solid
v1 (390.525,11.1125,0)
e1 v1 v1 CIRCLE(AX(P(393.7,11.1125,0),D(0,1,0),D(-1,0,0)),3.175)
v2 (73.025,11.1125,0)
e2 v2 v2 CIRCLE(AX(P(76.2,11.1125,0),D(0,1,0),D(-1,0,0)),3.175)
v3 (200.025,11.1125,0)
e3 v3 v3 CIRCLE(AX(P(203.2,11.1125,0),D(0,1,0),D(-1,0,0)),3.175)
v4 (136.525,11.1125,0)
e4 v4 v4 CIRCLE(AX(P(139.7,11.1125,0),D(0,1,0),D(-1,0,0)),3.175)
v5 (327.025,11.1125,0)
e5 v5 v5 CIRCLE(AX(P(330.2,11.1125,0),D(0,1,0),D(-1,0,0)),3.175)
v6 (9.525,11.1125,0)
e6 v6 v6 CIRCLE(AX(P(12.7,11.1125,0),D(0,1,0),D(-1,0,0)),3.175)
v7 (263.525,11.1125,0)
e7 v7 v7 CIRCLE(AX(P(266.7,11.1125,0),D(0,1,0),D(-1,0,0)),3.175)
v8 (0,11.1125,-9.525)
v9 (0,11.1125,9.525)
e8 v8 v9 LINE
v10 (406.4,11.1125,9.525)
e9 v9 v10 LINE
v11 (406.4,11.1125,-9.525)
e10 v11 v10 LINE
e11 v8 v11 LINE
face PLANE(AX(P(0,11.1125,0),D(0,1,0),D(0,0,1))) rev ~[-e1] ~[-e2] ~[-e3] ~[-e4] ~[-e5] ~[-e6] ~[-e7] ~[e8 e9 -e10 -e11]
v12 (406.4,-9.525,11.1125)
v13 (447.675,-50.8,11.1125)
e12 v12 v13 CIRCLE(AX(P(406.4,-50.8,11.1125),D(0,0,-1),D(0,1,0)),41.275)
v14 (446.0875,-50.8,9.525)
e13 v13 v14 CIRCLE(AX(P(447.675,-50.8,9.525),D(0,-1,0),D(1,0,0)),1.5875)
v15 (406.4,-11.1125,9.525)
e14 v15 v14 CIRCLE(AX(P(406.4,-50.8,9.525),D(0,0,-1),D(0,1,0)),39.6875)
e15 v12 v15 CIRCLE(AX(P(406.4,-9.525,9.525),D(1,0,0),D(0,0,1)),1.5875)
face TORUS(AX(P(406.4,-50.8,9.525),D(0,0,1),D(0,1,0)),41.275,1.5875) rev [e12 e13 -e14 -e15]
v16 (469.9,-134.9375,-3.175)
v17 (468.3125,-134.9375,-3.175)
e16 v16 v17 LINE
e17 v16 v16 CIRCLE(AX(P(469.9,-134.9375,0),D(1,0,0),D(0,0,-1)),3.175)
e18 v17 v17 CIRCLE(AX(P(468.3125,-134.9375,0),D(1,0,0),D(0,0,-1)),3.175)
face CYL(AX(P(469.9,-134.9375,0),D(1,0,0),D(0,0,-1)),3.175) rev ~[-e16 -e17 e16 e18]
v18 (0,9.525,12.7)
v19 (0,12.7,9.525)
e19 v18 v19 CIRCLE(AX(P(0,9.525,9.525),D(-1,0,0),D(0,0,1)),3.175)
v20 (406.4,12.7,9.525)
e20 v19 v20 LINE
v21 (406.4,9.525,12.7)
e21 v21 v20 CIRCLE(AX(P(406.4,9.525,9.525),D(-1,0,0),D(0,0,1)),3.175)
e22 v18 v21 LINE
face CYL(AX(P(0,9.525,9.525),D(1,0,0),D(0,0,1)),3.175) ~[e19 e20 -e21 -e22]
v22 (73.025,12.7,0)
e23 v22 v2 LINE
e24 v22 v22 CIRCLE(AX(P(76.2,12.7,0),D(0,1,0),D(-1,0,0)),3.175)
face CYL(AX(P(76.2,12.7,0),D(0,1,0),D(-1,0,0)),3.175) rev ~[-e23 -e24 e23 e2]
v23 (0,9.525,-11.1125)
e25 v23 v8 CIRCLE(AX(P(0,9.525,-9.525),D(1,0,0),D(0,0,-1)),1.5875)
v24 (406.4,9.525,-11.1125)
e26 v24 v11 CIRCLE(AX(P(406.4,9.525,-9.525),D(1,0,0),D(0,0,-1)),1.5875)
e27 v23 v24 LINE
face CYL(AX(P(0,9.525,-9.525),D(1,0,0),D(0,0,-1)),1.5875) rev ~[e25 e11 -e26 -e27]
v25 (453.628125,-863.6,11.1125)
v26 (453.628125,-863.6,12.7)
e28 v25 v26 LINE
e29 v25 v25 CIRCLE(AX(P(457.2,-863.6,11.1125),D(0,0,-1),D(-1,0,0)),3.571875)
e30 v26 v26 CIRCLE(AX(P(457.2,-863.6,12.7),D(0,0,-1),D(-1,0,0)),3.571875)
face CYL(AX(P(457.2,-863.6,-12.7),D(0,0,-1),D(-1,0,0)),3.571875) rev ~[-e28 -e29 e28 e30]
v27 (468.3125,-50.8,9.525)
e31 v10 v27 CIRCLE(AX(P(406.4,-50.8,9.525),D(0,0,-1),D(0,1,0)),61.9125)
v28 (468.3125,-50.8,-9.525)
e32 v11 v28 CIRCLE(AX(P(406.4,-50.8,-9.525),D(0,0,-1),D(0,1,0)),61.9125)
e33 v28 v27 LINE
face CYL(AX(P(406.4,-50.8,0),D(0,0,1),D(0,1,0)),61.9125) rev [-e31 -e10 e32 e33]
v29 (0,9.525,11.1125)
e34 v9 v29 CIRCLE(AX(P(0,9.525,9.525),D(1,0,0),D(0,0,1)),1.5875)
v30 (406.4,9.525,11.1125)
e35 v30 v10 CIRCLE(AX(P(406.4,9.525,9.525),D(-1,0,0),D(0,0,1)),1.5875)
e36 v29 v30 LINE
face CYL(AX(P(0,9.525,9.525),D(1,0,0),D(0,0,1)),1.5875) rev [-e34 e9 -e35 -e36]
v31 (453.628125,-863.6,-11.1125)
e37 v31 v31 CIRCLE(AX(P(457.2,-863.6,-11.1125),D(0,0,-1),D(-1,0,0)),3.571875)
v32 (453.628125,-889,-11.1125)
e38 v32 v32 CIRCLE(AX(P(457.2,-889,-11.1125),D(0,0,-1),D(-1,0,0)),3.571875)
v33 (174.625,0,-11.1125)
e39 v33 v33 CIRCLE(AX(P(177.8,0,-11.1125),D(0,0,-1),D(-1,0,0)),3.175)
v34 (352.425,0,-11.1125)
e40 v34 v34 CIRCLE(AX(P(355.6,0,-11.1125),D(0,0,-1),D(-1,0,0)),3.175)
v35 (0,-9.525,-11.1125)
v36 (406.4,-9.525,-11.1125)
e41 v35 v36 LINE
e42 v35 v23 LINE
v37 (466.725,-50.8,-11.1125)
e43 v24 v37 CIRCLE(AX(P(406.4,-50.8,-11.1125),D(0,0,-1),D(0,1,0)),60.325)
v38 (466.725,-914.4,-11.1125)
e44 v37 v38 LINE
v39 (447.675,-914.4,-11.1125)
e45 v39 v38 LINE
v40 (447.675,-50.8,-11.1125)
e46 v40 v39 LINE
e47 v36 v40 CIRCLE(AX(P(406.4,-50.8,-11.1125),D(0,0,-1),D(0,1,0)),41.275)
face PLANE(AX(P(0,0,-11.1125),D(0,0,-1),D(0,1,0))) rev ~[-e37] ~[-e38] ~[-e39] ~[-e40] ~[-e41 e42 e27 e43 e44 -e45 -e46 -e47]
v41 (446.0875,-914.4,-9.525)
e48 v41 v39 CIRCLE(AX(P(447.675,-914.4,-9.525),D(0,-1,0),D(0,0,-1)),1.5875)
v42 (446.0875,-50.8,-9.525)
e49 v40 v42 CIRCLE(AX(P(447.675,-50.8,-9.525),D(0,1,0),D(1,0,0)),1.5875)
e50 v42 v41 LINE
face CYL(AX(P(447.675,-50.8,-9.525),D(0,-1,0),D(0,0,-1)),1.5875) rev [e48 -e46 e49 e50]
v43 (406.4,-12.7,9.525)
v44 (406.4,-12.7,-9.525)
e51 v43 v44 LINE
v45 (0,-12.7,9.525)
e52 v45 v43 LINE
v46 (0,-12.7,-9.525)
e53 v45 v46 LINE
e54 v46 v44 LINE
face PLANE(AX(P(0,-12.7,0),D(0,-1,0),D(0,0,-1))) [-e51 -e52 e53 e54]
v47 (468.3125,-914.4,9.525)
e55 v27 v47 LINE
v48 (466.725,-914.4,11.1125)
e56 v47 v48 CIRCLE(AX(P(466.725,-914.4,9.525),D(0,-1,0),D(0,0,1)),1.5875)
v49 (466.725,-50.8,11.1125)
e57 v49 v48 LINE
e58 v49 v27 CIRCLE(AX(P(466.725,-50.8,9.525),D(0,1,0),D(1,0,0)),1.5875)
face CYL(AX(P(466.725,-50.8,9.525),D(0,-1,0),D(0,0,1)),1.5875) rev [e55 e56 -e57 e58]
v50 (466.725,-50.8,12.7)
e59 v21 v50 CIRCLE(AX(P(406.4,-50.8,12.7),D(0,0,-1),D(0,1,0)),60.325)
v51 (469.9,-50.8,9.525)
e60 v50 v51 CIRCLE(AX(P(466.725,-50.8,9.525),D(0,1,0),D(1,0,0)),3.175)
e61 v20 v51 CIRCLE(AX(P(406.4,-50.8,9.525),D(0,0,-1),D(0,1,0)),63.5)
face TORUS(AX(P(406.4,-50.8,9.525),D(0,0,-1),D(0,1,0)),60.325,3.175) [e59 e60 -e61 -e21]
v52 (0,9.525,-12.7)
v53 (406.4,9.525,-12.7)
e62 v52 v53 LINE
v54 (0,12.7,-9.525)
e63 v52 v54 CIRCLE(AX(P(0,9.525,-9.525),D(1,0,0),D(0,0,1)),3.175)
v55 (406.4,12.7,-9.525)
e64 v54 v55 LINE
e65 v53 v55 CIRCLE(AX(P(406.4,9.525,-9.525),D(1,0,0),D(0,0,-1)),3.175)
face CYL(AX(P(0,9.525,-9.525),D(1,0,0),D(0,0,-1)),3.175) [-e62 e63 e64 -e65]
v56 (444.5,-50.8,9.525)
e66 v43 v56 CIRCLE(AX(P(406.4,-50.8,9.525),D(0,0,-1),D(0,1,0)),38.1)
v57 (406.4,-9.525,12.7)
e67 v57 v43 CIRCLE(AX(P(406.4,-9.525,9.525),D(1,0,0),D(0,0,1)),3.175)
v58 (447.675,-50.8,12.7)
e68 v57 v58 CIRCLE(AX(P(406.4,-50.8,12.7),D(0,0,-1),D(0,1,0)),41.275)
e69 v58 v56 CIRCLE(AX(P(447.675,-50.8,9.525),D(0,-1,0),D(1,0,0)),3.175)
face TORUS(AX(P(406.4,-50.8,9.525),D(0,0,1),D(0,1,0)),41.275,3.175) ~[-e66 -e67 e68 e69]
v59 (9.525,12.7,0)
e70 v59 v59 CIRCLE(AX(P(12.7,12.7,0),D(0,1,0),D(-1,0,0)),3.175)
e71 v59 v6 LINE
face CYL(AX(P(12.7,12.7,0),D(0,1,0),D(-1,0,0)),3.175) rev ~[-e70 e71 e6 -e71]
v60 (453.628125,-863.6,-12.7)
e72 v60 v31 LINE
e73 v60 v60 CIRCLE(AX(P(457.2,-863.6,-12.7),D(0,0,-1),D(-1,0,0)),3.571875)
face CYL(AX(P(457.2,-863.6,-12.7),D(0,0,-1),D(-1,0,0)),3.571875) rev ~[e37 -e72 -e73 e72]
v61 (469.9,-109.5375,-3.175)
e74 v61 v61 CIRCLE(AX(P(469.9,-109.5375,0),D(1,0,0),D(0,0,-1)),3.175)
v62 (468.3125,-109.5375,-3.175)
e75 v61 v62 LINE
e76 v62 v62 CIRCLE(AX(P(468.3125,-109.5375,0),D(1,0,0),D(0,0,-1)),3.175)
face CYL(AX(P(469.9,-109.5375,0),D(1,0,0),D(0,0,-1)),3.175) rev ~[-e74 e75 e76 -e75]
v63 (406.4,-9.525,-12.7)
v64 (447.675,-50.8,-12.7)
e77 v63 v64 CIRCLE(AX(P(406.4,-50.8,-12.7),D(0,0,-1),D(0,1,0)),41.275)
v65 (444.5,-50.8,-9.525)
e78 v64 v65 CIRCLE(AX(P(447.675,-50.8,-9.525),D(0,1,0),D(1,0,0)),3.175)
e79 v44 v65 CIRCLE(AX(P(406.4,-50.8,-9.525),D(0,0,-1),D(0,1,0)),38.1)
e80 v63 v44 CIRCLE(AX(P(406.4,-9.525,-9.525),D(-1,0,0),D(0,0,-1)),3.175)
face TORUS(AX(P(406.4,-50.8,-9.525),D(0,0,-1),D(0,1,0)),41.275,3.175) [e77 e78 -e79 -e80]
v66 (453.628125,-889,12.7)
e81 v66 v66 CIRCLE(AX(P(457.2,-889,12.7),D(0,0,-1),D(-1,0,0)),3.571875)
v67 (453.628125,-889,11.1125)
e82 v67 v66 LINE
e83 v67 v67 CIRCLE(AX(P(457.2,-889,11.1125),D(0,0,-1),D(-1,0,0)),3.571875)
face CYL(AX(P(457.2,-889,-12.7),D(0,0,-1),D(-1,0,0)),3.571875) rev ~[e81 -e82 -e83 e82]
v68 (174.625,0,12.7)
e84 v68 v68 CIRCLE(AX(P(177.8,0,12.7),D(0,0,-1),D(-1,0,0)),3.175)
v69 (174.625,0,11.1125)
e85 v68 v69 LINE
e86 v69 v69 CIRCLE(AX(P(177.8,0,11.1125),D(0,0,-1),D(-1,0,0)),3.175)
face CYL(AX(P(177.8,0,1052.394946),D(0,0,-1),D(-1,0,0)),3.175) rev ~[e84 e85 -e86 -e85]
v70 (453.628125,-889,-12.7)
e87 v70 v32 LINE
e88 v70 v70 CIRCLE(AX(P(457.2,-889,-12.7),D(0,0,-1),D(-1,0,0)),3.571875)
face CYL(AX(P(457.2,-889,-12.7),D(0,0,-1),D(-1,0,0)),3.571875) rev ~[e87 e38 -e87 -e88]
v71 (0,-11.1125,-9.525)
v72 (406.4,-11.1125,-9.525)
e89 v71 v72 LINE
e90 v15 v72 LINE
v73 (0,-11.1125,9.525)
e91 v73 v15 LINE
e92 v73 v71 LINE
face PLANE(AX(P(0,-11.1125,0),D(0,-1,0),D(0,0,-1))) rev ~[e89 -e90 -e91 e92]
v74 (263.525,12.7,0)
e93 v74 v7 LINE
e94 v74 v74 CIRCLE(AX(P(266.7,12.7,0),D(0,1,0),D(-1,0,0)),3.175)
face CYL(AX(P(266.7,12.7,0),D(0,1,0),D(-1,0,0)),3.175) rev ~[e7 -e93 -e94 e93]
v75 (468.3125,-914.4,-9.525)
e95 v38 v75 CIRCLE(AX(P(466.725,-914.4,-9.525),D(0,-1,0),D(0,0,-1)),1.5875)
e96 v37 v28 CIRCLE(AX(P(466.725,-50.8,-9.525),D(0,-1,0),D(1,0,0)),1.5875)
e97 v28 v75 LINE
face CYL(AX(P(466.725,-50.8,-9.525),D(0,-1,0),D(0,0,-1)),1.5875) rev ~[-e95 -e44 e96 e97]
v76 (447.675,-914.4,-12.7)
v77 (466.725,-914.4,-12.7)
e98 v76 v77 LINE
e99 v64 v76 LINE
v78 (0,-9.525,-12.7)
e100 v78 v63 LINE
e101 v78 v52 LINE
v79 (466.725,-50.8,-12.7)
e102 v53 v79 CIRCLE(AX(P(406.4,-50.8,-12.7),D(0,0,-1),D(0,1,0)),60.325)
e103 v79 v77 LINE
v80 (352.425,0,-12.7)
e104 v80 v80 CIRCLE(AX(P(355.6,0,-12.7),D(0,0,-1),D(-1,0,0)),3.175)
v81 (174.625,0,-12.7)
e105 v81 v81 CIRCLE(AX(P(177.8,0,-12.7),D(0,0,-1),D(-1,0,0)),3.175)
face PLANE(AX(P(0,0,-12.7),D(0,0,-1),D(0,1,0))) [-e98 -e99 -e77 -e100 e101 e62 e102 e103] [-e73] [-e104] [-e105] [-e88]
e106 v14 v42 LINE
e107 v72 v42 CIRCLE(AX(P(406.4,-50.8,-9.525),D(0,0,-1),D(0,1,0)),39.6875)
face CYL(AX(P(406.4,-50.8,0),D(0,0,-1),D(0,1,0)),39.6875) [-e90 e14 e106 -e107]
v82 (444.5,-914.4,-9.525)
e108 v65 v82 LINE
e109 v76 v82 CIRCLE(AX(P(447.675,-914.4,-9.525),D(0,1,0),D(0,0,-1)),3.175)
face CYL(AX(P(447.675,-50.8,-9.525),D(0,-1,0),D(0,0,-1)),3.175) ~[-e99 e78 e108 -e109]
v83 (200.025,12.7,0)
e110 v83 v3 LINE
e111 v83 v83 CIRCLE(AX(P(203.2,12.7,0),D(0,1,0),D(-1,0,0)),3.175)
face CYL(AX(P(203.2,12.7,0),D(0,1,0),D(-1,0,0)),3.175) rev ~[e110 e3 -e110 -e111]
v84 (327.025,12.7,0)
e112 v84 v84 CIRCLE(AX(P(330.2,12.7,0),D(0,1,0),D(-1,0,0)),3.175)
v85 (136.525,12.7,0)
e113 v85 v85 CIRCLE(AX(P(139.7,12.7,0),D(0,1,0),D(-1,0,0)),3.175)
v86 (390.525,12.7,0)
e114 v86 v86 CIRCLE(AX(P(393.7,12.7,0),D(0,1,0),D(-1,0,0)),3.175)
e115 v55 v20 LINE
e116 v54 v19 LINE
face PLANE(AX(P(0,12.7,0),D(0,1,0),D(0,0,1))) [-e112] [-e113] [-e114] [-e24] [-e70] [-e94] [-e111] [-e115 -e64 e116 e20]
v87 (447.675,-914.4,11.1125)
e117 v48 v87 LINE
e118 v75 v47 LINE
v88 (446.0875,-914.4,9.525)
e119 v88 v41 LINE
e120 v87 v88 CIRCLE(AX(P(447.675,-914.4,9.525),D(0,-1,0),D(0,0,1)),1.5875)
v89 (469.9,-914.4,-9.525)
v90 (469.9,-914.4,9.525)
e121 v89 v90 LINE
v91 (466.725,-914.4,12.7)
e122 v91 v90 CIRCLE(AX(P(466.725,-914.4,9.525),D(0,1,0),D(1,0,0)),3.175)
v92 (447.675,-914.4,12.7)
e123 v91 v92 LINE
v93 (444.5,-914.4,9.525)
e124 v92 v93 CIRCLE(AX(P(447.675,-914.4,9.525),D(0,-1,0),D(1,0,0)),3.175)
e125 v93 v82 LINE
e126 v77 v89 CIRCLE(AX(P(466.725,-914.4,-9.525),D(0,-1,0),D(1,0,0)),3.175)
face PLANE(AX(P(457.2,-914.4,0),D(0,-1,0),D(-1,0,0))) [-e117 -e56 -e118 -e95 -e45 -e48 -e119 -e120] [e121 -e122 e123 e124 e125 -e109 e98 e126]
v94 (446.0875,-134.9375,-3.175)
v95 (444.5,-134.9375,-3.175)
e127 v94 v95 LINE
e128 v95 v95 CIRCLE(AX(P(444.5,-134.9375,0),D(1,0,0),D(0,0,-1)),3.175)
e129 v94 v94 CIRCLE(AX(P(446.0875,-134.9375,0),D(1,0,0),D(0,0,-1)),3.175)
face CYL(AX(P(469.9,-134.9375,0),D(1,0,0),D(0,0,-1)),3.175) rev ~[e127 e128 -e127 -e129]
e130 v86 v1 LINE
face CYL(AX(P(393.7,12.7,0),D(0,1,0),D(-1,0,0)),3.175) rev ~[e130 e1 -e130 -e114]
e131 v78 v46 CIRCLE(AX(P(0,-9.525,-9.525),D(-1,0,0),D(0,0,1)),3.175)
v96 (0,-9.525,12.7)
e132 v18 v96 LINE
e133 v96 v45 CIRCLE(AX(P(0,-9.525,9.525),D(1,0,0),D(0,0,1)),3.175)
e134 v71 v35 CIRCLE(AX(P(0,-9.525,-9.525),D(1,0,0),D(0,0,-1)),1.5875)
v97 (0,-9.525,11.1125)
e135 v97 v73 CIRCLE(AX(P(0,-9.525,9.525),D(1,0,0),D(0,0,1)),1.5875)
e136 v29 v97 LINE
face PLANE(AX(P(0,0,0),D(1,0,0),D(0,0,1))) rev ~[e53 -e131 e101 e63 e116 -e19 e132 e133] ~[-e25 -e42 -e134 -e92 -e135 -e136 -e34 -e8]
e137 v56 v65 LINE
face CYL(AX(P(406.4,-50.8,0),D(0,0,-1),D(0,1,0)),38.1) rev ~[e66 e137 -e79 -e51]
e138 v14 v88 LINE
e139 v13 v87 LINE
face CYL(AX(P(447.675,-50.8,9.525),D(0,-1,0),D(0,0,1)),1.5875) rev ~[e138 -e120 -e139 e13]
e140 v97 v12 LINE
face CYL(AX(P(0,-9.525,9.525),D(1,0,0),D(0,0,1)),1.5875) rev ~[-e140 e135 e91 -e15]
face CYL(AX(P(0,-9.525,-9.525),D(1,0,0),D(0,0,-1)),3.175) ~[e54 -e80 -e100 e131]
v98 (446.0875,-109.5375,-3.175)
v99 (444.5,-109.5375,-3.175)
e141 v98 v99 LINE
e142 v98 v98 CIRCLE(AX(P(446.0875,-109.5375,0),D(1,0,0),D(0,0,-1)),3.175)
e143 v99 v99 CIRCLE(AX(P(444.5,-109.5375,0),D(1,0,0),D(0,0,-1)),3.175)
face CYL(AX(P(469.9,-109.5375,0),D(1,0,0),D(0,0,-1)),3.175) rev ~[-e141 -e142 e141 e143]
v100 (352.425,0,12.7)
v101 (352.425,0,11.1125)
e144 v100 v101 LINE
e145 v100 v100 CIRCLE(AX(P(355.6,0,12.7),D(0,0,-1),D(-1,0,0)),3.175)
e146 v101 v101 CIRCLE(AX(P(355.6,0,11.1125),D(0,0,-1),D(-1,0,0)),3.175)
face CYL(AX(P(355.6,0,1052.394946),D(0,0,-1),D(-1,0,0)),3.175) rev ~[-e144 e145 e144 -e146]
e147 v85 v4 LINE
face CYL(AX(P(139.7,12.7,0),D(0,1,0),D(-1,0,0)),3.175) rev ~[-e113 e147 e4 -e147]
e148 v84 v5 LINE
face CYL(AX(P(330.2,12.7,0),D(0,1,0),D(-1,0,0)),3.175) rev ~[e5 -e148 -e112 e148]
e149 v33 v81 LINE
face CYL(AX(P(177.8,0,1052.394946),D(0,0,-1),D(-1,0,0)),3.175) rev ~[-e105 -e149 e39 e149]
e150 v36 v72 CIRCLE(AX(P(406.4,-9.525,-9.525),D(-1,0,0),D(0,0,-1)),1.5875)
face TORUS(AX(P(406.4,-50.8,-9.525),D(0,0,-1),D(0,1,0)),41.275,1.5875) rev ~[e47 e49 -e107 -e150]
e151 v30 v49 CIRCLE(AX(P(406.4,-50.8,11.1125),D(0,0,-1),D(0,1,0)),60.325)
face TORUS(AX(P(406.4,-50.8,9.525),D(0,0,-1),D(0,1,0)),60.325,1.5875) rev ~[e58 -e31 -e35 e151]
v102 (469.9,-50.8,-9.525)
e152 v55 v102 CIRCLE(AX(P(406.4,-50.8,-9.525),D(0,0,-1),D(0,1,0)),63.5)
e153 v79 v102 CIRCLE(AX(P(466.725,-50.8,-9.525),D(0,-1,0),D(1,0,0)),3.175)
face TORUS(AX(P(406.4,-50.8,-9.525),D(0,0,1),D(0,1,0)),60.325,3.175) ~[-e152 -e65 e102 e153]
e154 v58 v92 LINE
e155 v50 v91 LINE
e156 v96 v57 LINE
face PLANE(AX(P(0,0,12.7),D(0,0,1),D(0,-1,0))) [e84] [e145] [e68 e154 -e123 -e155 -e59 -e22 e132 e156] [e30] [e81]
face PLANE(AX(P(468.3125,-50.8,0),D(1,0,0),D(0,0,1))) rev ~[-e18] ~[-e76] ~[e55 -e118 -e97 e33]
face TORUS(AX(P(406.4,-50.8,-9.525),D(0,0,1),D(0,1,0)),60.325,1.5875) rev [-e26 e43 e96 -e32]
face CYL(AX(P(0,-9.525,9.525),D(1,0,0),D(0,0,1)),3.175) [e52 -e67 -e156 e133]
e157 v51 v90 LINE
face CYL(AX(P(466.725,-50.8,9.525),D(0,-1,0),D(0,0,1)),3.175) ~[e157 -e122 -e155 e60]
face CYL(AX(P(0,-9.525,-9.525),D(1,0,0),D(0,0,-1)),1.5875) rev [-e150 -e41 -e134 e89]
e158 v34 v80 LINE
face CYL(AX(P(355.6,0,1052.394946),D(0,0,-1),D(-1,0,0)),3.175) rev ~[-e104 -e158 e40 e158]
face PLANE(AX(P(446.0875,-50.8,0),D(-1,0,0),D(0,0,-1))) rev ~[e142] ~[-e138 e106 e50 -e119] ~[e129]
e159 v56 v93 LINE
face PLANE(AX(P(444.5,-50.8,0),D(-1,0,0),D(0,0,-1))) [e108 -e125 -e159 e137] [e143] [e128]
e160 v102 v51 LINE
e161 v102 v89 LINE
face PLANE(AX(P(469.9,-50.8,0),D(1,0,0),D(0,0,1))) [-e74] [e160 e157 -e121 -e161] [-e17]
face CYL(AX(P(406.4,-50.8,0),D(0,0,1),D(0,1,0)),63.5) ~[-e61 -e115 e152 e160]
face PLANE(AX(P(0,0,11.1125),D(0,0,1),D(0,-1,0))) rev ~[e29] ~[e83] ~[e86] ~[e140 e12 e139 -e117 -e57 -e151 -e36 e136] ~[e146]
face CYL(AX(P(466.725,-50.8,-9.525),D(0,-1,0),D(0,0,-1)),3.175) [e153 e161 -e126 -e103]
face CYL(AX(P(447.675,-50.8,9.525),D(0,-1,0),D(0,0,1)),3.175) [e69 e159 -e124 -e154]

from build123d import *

# Parameters (mm, degrees)
SKETCH2_W                   = 25.4
SKETCH2_H                   = 25.4
FILLET1_R                   = 3.175
SHELL1_T                    = -1.5875
SKETCH3_R                   = 3.175
WOOD_HOLE_DEPTH             = 1.5875
LPATTERN1_COUNT             = 7
LPATTERN1_PITCH             = 63.5
SKETCH5_R                   = 3.175
CONT_MTG_DEPTH              = 470.9
F_1_4_0_25_DIAMETER_HOLE1_D = 6.35
SKETCH8_R                   = 3.571875
CUT_EXTRUDE1_DEPTH          = 26.4
LPATTERN2_COUNT             = 2
LPATTERN2_PITCH             = 25.4


with BuildPart() as part:
    # Base-Sweep: sweep along a path in Sketch1
    with BuildLine(Plane.XY) as base_sweep_path:
        Line((0, 0), (406.4, 0))
        ThreePointArc((406.4, 0), (442.321024484, -14.878975516), (457.2, -50.8))
        Line((457.2, -50.8), (457.2, -914.4))
    # Sketch2 (on Right Plane) → Base-Sweep (sweep)
    with BuildSketch(Plane(origin=(0, 0, 0), x_dir=(0, 0, -1), z_dir=(1, 0, 0))):
        Rectangle(SKETCH2_W, SKETCH2_H)
    sweep(path=base_sweep_path.line)

    # Fillet1
    fillet1_edges = [part.edges().sort_by_distance(p)[0] for p in [
        (451.301280605, -5.898719395, 12.7),
        (451.301280605, -5.898719395, -12.7),
        (433.340768363, -23.859231637, -12.7),
        (433.340768363, -23.859231637, 12.7),
        (469.9, -482.6, 12.7),
        (469.9, -482.6, -12.7),
        (444.5, -482.6, -12.7),
        (444.5, -482.6, 12.7),
        (203.2, 12.7, 12.7),
        (203.2, 12.7, -12.7),
        (203.2, -12.7, -12.7),
        (203.2, -12.7, 12.7),
    ]]
    fillet(fillet1_edges, radius=FILLET1_R)

    # Shell1
    shell1_openings = [part.faces().sort_by_distance(p)[0] for p in [
        (457.2, -914.4, 0),
        (0, 0, 0),
    ]]
    offset(amount=SHELL1_T, openings=shell1_openings, kind=Kind.INTERSECTION)

    # Sketch3 → Wood Hole (cut)
    with BuildSketch(Plane(origin=(0, 12.7, 0), x_dir=(-1, 0, 0), z_dir=(0, 1, 0))):
        with Locations((-12.7, 0)):
            Circle(SKETCH3_R)
    wood_hole = extrude(amount=-WOOD_HOLE_DEPTH, mode=Mode.SUBTRACT)

    # LPattern1: Wood Hole ×7
    with Locations(*[(i * LPATTERN1_PITCH, 0, 0) for i in range(1, LPATTERN1_COUNT)]):
        add(wood_hole, mode=Mode.SUBTRACT)

    # Sketch5 → cont_mtg (cut, through all)
    with BuildSketch(Plane(origin=(469.9, 0, 0), x_dir=(0, 0, -1), z_dir=(1, 0, 0))):
        with Locations((0, -109.5375)):
            Circle(SKETCH5_R)
        with Locations((0, -134.9375)):
            Circle(SKETCH5_R)
    extrude(amount=-CONT_MTG_DEPTH, mode=Mode.SUBTRACT)

    # 1/4 (0.25) Diameter Hole1 (through all)
    with Locations(Plane.XY.offset(12.7)):
        with Locations((177.8, 0), (355.6, 0)):
            Hole(F_1_4_0_25_DIAMETER_HOLE1_D / 2)

    # Sketch8 → Cut-Extrude1 (cut, through all)
    with BuildSketch(Plane(origin=(0, 0, -12.7), x_dir=(-1, 0, 0), z_dir=(0, 0, -1))):
        with Locations((-457.2, -889)):
            Circle(SKETCH8_R)
    cut_extrude1 = extrude(amount=-CUT_EXTRUDE1_DEPTH, mode=Mode.SUBTRACT)

    # LPattern2: Cut-Extrude1 ×2
    with Locations(*[(0, i * LPATTERN2_PITCH, 0) for i in range(1, LPATTERN2_COUNT)]):
        add(cut_extrude1, mode=Mode.SUBTRACT)


solid = part.part
